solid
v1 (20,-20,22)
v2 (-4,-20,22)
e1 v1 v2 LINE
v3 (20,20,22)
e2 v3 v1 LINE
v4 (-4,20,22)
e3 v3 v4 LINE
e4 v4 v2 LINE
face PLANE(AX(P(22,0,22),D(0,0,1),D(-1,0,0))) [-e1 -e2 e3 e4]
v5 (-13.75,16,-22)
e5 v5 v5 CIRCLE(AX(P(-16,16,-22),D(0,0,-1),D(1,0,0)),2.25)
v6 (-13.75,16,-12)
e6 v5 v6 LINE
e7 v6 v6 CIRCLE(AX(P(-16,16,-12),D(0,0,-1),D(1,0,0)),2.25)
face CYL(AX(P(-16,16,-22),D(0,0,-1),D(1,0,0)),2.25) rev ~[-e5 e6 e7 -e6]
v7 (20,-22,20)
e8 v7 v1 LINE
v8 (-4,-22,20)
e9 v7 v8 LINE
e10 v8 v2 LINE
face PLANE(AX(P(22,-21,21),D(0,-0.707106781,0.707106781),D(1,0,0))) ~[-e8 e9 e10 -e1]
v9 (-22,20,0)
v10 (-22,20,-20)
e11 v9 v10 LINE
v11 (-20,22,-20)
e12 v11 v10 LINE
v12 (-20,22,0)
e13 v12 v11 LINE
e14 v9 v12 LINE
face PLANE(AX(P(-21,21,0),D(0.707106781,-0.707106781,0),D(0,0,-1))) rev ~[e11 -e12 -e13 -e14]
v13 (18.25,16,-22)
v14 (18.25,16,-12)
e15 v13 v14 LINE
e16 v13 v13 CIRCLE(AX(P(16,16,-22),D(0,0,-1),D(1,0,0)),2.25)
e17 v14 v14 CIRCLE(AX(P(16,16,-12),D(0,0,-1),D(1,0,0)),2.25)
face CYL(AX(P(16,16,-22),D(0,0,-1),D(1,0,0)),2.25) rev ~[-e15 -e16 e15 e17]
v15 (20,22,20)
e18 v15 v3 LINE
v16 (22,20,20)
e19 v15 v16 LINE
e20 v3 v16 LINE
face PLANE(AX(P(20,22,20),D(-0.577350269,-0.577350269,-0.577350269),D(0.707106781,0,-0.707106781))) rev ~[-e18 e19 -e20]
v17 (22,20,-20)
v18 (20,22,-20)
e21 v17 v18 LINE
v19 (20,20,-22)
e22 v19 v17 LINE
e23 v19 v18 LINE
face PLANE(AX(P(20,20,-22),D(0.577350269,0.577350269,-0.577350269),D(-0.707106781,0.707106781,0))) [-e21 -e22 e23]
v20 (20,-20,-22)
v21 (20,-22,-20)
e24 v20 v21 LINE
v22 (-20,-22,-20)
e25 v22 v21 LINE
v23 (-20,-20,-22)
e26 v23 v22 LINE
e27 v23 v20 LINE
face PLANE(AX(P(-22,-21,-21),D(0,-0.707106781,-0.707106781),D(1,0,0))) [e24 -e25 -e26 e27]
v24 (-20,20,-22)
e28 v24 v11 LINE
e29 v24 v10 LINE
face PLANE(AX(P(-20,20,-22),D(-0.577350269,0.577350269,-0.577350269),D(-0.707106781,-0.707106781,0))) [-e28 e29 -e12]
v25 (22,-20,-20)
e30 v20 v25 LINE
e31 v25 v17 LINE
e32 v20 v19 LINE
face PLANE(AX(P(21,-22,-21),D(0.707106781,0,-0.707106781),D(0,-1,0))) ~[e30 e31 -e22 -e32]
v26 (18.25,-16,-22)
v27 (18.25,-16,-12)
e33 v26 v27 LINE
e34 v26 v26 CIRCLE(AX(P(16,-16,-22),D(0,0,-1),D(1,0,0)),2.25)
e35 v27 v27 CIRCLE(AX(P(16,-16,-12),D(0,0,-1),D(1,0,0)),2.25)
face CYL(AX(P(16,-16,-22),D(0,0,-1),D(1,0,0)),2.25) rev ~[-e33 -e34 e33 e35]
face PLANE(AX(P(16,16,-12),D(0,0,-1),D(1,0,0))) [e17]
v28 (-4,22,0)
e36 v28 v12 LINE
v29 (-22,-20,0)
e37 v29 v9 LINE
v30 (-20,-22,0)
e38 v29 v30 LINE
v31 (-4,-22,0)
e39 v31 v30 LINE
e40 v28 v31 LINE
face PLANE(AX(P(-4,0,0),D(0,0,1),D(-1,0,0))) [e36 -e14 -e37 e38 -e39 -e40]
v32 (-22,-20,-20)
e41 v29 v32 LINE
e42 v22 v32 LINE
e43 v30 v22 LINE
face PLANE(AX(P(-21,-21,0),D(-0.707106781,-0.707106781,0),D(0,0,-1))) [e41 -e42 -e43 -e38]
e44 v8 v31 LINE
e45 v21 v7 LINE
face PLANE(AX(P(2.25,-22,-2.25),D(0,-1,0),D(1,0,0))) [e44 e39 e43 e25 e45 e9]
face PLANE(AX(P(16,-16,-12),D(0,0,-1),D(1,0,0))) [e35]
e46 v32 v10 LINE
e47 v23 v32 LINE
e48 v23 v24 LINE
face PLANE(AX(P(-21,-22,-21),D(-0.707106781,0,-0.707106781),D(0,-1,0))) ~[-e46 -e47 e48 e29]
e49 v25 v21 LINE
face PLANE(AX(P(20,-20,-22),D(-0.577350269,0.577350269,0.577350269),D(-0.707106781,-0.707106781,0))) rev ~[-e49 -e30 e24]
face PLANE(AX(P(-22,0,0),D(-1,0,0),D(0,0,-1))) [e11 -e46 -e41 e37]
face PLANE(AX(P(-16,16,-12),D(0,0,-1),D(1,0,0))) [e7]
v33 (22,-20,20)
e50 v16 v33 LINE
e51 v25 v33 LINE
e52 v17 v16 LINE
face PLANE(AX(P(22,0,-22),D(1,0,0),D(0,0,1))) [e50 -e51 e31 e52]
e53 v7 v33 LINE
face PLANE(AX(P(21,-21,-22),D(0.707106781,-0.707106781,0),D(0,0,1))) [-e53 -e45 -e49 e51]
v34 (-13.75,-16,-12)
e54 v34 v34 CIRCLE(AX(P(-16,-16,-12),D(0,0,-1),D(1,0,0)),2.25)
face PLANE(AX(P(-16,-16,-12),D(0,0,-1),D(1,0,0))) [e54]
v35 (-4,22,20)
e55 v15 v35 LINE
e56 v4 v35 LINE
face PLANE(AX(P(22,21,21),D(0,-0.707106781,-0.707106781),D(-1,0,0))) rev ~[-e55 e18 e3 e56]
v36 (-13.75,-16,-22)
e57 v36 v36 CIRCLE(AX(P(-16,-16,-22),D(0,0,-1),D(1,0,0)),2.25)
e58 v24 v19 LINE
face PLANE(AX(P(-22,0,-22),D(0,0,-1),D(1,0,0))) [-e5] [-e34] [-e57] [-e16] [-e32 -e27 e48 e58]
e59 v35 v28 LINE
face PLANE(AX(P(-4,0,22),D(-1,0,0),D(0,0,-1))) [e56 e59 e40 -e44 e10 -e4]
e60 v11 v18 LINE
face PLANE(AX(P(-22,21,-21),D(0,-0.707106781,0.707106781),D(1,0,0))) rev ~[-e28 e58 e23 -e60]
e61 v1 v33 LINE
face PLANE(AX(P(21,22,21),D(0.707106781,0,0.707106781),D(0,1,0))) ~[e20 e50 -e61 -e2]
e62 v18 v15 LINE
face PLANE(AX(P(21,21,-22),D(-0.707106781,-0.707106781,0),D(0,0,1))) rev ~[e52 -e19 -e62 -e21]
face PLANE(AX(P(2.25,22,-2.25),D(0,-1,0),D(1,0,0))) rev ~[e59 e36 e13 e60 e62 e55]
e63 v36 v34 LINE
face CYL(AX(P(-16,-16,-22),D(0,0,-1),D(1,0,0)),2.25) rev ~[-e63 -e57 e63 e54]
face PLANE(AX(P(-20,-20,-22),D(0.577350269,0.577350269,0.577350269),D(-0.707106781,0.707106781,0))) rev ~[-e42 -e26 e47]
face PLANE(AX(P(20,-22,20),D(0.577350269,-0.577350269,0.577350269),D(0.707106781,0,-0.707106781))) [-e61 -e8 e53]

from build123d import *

# Parameters (mm, degrees)
F1_DEPTH      = 22
F1_DEPTH_BACK = 22
F2_SIZE       = 2
F3_R          = 2.25
F4_DEPTH      = 10


with BuildPart() as f1:
    # F0 (on Front) → F1 (new body, two sides)
    with BuildSketch(Plane.XZ) as f1_sk:
        Polygon((22, -22), (22, 22), (-4, 22), (-4, 0), (-22, 0), (-22, -22), align=None)
    extrude(amount=F1_DEPTH)
    extrude(f1_sk.sketch, amount=-F1_DEPTH_BACK)

    # F2
    f2_edges = [f1.edges().sort_by_distance(p)[0] for p in [
        (22, 0, 22),
        (9, -22, 22),
        (9, 22, 22),
        (22, 22, 0),
        (22, -22, 0),
        (-22, -22, -11),
        (-22, 22, -11),
        (22, 0, -22),
        (0, 22, -22),
        (0, -22, -22),
        (-22, 0, -22),
    ]]
    chamfer(f2_edges, length=F2_SIZE)

    # F3 (on face) → F4 (cut)
    with BuildSketch(Plane(origin=(0, 0, -22), x_dir=(1, 0, 0), z_dir=(0, 0, -1))):
        with Locations((-16, 16)):
            Circle(F3_R)
        with Locations((16, 16)):
            Circle(F3_R)
        with Locations((16, -16)):
            Circle(F3_R)
        with Locations((-16, -16)):
            Circle(F3_R)
    extrude(amount=-F4_DEPTH, mode=Mode.SUBTRACT)


solid = f1.part
